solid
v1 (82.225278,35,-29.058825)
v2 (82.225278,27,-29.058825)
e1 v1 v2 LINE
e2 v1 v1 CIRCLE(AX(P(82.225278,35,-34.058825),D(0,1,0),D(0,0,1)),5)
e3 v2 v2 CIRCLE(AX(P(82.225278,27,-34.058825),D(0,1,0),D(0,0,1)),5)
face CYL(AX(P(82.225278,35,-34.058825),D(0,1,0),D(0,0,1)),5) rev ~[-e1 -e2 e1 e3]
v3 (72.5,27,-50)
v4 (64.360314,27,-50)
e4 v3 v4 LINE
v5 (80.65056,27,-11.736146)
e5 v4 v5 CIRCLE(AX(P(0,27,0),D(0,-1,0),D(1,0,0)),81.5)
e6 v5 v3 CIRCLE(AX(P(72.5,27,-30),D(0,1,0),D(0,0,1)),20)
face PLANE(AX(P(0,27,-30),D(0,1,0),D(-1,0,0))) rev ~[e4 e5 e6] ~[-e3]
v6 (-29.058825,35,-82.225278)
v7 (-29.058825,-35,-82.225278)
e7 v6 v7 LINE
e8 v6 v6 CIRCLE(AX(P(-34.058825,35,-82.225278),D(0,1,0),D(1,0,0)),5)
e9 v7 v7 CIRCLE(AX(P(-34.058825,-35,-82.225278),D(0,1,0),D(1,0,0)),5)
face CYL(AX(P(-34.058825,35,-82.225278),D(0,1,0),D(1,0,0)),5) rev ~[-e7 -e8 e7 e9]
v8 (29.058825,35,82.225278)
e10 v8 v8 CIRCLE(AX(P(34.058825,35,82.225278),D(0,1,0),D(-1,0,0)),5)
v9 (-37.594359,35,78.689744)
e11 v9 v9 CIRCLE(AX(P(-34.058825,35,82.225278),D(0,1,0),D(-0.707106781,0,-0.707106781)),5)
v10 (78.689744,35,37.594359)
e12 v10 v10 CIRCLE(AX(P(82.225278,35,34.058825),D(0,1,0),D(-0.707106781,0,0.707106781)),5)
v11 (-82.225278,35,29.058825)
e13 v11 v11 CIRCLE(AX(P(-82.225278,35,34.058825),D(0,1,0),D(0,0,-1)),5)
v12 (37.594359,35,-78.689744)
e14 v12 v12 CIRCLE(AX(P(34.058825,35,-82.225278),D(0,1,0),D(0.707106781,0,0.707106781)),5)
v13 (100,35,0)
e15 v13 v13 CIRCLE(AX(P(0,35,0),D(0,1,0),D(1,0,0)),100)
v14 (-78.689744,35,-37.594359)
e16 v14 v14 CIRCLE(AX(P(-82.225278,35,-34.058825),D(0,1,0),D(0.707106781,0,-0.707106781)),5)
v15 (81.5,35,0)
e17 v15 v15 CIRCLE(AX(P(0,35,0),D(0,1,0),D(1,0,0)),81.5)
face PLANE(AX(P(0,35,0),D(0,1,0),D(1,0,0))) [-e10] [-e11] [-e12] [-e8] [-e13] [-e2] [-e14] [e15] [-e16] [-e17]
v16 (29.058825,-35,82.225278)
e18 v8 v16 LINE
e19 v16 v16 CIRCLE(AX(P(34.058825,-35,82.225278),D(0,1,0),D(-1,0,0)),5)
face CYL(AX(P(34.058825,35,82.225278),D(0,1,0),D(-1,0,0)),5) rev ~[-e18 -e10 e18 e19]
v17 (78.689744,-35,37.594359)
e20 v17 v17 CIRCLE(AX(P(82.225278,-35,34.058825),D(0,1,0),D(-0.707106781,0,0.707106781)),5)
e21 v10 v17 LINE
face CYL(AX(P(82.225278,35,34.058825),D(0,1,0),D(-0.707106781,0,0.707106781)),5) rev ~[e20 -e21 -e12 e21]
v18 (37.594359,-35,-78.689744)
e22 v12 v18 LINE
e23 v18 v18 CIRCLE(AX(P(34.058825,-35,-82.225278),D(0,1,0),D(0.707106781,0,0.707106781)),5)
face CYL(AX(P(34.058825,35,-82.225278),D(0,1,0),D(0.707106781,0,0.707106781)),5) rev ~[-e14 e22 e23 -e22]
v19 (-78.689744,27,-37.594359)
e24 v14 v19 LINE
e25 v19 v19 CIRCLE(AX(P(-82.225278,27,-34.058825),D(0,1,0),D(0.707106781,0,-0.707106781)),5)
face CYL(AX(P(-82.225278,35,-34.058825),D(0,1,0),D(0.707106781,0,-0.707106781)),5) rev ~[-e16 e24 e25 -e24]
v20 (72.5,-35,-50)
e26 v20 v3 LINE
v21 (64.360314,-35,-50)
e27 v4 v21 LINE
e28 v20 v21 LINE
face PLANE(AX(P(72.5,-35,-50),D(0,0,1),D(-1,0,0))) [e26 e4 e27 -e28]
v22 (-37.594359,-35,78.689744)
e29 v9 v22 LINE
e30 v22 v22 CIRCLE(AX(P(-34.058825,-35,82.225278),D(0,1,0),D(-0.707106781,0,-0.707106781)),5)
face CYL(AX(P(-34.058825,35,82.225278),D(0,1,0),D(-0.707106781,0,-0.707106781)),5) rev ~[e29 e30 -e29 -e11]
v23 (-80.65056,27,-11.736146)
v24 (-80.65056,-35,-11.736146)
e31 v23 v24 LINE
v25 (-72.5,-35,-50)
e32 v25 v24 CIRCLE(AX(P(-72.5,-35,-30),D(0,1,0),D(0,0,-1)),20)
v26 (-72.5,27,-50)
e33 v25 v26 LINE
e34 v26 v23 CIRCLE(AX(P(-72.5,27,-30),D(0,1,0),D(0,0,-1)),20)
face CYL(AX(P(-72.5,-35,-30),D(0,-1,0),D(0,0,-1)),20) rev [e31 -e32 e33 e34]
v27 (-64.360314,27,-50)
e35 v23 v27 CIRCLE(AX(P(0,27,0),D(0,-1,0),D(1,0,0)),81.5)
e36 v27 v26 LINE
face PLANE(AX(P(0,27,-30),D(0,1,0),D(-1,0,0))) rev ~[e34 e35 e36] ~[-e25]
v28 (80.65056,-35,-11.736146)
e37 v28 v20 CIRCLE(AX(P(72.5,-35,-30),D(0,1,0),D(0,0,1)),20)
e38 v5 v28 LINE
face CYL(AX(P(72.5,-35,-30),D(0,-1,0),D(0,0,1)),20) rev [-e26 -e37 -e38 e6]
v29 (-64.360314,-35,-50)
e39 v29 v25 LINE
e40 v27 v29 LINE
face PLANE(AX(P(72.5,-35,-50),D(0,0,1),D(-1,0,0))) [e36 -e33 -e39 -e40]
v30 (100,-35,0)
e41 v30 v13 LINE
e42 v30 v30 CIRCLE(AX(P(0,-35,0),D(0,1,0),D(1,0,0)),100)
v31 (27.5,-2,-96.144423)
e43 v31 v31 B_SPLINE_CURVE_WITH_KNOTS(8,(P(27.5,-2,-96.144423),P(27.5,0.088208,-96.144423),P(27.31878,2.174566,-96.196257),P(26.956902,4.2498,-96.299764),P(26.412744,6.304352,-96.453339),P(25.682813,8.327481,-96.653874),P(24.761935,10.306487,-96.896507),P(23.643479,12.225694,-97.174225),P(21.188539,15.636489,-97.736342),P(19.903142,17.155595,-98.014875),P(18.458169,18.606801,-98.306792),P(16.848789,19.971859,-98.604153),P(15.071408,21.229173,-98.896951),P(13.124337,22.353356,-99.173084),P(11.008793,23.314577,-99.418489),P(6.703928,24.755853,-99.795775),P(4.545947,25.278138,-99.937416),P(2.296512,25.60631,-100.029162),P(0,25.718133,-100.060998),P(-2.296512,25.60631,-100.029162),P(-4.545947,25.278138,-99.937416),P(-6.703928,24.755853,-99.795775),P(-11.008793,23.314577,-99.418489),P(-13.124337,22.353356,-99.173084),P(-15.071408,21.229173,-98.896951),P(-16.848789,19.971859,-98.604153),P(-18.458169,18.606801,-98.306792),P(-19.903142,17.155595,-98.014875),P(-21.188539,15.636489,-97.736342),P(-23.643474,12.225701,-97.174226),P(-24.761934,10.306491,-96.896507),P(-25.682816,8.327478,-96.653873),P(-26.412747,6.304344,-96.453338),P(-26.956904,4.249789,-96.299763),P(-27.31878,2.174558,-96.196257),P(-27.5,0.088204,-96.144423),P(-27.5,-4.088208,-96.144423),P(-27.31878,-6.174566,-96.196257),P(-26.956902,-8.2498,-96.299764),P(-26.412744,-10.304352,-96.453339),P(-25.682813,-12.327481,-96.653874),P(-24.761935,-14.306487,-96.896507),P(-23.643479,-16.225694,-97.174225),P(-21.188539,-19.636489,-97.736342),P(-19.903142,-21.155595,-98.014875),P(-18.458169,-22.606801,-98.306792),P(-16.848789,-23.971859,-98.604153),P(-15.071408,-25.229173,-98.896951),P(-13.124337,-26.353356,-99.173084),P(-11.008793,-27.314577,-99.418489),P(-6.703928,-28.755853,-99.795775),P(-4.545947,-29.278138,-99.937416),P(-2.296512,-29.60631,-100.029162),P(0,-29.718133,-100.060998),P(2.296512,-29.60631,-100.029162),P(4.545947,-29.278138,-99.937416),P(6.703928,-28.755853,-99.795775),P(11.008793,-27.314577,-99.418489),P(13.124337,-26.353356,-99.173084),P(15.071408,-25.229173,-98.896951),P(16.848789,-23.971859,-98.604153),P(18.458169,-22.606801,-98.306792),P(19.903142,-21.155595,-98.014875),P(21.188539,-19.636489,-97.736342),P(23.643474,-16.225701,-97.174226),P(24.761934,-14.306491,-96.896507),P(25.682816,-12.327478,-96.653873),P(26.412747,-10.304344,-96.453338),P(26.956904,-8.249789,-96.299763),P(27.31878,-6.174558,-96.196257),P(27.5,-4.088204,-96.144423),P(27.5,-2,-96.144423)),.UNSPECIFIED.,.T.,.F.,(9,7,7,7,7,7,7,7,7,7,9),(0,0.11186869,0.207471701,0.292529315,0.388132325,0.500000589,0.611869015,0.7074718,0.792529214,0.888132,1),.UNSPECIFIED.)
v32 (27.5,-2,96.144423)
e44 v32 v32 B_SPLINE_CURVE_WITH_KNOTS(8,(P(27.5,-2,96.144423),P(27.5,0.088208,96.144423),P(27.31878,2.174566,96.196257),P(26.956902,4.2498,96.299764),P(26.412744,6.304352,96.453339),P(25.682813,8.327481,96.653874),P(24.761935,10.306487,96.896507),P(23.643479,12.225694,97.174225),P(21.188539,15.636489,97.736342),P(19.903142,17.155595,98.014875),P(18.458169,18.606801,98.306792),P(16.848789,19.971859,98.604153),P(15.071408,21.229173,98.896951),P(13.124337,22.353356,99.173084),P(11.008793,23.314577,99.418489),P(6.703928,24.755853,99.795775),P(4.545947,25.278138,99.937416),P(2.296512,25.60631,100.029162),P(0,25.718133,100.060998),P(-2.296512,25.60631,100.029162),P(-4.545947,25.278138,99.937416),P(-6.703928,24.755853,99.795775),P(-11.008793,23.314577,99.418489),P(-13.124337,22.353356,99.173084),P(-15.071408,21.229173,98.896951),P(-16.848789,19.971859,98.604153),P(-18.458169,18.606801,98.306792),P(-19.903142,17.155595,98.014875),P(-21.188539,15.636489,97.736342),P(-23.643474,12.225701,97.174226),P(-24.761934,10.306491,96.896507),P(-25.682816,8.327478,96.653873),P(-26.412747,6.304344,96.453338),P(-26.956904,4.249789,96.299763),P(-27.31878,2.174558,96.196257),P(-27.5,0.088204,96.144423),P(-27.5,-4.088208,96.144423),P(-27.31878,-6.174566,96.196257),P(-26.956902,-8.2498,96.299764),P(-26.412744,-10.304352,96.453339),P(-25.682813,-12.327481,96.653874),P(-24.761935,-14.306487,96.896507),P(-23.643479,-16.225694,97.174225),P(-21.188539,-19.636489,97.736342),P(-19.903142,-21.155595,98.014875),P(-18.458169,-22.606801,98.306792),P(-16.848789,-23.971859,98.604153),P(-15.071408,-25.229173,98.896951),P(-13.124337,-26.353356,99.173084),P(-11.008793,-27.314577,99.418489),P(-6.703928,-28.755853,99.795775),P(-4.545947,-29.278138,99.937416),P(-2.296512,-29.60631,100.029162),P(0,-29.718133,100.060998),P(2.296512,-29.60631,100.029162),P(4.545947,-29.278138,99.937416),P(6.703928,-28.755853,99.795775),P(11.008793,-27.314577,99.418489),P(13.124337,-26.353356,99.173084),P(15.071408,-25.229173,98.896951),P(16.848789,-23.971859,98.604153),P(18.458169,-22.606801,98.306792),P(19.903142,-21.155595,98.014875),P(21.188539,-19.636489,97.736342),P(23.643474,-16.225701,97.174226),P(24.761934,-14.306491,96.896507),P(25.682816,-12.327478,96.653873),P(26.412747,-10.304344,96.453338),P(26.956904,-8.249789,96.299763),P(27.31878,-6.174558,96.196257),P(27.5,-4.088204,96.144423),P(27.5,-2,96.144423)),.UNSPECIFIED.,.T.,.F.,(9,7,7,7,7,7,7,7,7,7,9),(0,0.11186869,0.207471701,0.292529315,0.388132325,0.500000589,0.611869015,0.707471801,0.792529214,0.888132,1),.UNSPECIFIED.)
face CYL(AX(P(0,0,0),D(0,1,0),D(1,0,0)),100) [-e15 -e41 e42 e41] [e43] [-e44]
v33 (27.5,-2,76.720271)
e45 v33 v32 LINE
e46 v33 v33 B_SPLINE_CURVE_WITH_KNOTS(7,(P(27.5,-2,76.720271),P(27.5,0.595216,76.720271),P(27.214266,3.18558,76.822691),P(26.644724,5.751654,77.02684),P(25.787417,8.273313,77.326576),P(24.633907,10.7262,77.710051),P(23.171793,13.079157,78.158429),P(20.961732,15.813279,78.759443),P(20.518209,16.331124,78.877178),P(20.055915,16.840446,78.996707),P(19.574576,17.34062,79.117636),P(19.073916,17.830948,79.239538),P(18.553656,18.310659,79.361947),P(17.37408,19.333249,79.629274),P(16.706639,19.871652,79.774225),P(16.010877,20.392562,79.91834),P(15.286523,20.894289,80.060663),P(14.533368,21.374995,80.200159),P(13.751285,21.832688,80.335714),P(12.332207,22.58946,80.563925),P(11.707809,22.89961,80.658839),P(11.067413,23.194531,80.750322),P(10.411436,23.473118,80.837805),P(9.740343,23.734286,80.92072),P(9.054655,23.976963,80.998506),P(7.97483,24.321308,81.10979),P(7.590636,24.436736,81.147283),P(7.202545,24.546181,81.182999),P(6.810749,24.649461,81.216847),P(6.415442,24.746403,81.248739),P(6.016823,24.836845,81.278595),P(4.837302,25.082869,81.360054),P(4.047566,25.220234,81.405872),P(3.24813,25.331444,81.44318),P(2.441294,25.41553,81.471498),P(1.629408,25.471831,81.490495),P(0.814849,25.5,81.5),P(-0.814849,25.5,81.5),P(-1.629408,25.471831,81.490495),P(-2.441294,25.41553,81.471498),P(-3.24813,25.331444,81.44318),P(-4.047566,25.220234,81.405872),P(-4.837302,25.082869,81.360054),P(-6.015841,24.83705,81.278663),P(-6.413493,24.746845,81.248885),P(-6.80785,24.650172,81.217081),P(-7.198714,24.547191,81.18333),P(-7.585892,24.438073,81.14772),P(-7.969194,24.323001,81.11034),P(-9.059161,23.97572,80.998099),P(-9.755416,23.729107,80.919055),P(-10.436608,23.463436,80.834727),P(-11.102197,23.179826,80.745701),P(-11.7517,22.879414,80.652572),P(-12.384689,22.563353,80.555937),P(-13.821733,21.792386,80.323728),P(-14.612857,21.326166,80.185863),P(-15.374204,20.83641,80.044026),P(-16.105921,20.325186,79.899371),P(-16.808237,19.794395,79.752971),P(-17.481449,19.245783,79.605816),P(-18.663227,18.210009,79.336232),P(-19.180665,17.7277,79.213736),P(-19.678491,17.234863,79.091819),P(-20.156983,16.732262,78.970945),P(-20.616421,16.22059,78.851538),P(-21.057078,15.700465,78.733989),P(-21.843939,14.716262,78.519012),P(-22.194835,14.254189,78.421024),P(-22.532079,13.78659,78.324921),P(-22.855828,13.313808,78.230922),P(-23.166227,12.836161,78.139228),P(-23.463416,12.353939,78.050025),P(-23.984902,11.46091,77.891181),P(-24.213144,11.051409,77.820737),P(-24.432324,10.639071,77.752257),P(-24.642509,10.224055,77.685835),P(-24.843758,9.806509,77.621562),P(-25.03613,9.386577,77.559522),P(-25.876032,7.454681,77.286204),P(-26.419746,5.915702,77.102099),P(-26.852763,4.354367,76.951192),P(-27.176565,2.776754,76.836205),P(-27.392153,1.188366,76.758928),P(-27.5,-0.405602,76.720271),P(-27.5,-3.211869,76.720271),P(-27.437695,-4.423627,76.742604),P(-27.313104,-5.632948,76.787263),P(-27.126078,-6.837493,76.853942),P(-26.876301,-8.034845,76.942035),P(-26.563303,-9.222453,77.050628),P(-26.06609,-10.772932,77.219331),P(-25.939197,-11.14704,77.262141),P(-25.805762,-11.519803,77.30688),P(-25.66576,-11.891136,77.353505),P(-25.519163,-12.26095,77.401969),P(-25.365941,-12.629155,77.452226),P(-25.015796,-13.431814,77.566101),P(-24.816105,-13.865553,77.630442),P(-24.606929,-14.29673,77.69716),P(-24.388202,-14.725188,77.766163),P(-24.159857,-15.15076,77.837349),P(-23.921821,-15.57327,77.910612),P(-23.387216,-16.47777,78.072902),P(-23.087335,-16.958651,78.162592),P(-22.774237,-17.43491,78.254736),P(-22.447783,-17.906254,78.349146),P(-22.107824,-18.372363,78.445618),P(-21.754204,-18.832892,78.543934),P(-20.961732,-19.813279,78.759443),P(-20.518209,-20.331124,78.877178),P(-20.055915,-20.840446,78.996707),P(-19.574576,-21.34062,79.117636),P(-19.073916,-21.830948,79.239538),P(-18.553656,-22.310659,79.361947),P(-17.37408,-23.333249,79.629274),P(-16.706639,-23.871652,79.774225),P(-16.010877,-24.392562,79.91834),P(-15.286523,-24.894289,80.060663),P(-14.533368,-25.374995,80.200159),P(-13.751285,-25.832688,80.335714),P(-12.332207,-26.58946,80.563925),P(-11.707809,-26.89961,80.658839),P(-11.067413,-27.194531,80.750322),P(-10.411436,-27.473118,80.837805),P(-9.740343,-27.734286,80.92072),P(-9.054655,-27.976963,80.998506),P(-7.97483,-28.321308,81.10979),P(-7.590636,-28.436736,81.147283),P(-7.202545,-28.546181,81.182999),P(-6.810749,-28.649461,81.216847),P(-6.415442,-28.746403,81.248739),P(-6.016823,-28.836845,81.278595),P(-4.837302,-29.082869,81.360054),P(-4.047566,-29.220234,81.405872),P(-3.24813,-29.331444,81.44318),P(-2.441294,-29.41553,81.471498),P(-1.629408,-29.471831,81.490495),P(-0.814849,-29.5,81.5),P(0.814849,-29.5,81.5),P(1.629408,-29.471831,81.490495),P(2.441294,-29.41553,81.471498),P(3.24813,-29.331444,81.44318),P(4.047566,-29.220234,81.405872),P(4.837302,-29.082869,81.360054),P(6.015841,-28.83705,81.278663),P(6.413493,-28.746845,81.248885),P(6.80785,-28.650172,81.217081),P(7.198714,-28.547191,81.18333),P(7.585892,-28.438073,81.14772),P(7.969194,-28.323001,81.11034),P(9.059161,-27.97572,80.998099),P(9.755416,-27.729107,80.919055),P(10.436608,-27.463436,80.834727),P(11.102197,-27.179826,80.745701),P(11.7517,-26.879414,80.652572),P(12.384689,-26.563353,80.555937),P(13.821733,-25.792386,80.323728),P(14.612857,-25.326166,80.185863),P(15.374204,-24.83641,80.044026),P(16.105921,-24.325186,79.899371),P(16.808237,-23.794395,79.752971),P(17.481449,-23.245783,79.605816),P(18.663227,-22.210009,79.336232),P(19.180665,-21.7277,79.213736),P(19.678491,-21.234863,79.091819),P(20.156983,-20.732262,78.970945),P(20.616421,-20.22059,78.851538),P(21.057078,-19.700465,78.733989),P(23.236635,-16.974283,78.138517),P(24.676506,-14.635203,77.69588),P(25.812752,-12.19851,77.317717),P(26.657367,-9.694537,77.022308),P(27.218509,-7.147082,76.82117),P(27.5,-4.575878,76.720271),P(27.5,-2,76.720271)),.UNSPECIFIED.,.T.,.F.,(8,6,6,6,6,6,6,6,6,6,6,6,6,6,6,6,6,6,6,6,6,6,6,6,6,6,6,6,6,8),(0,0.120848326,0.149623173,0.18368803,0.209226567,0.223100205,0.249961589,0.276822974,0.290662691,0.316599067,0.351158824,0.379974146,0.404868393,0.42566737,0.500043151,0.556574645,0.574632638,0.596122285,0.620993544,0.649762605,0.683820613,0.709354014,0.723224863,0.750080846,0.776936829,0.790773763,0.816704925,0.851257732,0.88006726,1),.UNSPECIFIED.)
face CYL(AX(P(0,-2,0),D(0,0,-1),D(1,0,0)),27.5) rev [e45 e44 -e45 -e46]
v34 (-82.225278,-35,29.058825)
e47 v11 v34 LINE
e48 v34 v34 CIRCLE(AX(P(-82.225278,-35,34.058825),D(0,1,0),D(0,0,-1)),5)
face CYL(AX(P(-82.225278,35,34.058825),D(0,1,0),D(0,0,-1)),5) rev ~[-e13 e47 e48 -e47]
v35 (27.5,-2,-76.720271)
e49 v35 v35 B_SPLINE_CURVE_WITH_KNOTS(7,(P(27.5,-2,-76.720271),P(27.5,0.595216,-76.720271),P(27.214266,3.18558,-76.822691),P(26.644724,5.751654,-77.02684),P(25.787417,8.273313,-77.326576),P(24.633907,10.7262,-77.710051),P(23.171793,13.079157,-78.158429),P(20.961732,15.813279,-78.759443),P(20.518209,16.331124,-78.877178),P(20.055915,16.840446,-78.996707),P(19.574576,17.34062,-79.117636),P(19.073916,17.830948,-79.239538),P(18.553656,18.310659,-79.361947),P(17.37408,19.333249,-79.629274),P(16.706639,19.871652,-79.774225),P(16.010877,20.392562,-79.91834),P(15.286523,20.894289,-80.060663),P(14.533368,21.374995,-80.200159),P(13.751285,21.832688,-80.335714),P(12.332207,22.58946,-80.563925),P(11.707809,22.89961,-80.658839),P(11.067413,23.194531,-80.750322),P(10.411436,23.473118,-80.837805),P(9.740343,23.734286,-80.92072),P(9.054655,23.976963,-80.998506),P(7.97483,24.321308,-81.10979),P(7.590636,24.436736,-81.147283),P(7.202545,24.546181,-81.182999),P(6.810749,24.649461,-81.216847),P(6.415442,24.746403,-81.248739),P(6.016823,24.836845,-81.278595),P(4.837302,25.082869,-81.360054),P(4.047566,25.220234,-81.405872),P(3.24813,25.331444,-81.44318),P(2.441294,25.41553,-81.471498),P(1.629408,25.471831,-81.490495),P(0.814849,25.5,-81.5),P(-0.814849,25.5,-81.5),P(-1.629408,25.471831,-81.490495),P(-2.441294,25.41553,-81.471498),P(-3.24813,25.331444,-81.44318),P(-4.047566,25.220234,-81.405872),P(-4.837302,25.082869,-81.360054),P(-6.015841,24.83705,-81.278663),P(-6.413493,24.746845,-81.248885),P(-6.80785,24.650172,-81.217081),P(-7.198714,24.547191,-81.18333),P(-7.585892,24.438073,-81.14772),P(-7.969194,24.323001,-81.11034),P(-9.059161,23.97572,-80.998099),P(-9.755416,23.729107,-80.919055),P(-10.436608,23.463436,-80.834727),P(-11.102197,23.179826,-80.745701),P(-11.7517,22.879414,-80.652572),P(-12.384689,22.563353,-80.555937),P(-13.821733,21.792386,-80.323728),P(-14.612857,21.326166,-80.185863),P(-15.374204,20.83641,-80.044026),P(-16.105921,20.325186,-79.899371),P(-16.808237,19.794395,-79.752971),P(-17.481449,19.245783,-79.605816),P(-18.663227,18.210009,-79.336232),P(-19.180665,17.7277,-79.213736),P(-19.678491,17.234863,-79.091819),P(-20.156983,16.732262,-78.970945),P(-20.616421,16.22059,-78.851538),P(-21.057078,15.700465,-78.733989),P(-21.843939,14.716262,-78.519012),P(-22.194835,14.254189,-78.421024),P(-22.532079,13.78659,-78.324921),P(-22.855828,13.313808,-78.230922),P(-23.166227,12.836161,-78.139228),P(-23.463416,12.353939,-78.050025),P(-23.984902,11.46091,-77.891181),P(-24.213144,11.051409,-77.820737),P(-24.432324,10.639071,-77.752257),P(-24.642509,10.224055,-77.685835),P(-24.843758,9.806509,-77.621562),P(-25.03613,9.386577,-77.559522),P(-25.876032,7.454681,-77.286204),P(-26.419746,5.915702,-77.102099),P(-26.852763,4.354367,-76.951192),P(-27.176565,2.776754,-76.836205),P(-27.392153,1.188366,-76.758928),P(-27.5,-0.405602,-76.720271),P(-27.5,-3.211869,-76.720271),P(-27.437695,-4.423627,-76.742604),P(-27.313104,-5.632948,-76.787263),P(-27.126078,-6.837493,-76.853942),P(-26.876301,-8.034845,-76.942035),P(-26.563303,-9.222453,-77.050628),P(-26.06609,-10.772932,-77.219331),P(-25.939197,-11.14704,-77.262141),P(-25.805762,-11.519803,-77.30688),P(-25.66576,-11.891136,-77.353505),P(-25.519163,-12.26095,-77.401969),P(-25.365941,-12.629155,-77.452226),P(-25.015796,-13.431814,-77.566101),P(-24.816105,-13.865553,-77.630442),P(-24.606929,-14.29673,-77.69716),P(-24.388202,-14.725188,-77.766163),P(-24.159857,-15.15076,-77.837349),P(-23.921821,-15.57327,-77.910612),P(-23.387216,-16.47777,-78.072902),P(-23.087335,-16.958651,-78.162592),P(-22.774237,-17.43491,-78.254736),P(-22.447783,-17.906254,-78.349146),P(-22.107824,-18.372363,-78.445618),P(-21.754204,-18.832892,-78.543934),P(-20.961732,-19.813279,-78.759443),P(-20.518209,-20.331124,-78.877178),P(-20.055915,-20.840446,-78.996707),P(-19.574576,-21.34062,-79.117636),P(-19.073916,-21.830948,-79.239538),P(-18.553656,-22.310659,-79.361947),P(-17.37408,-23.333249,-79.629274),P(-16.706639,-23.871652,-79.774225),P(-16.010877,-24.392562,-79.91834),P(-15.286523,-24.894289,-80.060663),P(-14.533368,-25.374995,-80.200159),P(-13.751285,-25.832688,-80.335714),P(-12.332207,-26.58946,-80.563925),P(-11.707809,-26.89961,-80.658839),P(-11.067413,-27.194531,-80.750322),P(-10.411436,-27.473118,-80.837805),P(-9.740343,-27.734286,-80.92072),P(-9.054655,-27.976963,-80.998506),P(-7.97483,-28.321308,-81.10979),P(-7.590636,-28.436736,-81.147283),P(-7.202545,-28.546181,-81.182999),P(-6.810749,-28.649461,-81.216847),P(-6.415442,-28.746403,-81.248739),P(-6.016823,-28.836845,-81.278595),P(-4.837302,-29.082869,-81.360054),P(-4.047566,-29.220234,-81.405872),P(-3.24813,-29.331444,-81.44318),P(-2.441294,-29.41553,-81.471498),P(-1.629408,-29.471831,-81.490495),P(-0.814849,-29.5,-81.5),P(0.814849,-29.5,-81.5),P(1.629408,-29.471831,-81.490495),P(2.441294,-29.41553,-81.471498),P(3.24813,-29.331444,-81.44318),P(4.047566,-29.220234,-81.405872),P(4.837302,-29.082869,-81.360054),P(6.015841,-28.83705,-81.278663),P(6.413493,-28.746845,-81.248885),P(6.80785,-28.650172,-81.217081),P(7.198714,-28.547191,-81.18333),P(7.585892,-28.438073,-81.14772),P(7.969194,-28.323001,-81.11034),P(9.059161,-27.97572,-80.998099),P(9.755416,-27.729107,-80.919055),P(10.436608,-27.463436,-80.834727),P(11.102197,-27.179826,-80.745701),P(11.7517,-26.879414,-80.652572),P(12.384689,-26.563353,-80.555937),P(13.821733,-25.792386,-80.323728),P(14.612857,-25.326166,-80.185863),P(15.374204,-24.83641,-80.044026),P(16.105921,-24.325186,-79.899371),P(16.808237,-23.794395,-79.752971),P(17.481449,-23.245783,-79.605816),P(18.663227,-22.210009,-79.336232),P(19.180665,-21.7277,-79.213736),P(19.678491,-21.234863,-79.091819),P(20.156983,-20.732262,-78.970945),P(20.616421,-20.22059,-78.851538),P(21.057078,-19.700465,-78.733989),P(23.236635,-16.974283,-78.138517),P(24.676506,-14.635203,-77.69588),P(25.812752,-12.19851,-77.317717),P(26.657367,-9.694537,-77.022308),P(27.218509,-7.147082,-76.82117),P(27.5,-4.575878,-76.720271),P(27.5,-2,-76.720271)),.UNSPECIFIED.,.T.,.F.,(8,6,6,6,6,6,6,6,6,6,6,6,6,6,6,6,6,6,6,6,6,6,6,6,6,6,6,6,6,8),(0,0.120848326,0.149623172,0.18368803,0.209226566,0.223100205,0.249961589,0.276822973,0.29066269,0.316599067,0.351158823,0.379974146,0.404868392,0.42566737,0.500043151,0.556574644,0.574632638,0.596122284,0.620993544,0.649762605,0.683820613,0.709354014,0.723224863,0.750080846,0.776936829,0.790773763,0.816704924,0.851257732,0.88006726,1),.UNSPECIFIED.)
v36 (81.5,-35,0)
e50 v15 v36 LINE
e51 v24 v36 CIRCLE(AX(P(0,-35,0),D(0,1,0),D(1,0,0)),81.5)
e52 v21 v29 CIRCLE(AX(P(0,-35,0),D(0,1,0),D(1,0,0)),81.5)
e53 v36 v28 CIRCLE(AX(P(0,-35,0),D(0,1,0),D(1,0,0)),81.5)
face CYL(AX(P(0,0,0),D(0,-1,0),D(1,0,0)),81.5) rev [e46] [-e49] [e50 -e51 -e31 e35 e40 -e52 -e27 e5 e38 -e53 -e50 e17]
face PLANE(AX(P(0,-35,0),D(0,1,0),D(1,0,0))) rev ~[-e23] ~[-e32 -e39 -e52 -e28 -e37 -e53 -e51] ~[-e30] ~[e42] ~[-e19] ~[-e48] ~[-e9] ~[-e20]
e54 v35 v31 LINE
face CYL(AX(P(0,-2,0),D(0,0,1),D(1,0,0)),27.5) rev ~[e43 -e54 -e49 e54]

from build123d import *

# Parameters (mm, degrees)
SKETCH1_R               = 100
SKETCH1_R_2             = 81.5
BOSS_EXTRUDE1_DEPTH     = 35
SKETCH3_R               = 27.5
CUT_EXTRUDE1_DEPTH      = 101
CUT_EXTRUDE1_DEPTH_BACK = 101
SKETCH4_R               = 5
CUT_EXTRUDE2_DEPTH      = 70
CIRPATTERN1_COUNT       = 8
CUT_EXTRUDE3_DEPTH      = 62


with BuildPart() as part:
    # Sketch1 → Boss-Extrude1 (new body, symmetric)
    with BuildSketch(Plane(origin=(0, 0, 0), x_dir=(1, 0, 0), z_dir=(0, 1, 0))):
        Circle(SKETCH1_R)
        Circle(SKETCH1_R_2, mode=Mode.SUBTRACT)
    extrude(amount=BOSS_EXTRUDE1_DEPTH, both=True)

    # Sketch3 → Cut-Extrude1 (cut, two sides)
    with BuildSketch(Plane.XY) as cut_extrude1_sk:
        with Locations((0, -2)):
            Circle(SKETCH3_R)
    extrude(amount=CUT_EXTRUDE1_DEPTH, mode=Mode.SUBTRACT)
    extrude(cut_extrude1_sk.sketch, amount=-CUT_EXTRUDE1_DEPTH_BACK, mode=Mode.SUBTRACT)

    # Sketch4 → Cut-Extrude2 (cut)
    with BuildSketch(Plane(origin=(0, 35, 0), x_dir=(1, 0, 0), z_dir=(0, 1, 0))):
        with Locations((-34.05882548, 82.225278394)):
            Circle(SKETCH4_R)
    cut_extrude2 = extrude(amount=-CUT_EXTRUDE2_DEPTH, mode=Mode.SUBTRACT)

    # CirPattern1: Cut-Extrude2 ×8 about axis
    cirpattern1_axis = Axis((0, 0, 0), (0, 1, 0))
    for i in range(1, CIRPATTERN1_COUNT):
        add(cut_extrude2.rotate(cirpattern1_axis, i * 360 / CIRPATTERN1_COUNT), mode=Mode.SUBTRACT)

    # Sketch5 → Cut-Extrude3 (cut)
    with BuildSketch(Plane.XZ.offset(35)):
        with BuildLine():
            Line((-72.5, -10), (72.5, -10))
            ThreePointArc((72.5, -10), (92.5, -30), (72.5, -50))
            Line((72.5, -50), (-72.5, -50))
            ThreePointArc((-72.5, -50), (-92.5, -30), (-72.5, -10))
        make_face()
    extrude(amount=-CUT_EXTRUDE3_DEPTH, mode=Mode.SUBTRACT)


solid = part.part
